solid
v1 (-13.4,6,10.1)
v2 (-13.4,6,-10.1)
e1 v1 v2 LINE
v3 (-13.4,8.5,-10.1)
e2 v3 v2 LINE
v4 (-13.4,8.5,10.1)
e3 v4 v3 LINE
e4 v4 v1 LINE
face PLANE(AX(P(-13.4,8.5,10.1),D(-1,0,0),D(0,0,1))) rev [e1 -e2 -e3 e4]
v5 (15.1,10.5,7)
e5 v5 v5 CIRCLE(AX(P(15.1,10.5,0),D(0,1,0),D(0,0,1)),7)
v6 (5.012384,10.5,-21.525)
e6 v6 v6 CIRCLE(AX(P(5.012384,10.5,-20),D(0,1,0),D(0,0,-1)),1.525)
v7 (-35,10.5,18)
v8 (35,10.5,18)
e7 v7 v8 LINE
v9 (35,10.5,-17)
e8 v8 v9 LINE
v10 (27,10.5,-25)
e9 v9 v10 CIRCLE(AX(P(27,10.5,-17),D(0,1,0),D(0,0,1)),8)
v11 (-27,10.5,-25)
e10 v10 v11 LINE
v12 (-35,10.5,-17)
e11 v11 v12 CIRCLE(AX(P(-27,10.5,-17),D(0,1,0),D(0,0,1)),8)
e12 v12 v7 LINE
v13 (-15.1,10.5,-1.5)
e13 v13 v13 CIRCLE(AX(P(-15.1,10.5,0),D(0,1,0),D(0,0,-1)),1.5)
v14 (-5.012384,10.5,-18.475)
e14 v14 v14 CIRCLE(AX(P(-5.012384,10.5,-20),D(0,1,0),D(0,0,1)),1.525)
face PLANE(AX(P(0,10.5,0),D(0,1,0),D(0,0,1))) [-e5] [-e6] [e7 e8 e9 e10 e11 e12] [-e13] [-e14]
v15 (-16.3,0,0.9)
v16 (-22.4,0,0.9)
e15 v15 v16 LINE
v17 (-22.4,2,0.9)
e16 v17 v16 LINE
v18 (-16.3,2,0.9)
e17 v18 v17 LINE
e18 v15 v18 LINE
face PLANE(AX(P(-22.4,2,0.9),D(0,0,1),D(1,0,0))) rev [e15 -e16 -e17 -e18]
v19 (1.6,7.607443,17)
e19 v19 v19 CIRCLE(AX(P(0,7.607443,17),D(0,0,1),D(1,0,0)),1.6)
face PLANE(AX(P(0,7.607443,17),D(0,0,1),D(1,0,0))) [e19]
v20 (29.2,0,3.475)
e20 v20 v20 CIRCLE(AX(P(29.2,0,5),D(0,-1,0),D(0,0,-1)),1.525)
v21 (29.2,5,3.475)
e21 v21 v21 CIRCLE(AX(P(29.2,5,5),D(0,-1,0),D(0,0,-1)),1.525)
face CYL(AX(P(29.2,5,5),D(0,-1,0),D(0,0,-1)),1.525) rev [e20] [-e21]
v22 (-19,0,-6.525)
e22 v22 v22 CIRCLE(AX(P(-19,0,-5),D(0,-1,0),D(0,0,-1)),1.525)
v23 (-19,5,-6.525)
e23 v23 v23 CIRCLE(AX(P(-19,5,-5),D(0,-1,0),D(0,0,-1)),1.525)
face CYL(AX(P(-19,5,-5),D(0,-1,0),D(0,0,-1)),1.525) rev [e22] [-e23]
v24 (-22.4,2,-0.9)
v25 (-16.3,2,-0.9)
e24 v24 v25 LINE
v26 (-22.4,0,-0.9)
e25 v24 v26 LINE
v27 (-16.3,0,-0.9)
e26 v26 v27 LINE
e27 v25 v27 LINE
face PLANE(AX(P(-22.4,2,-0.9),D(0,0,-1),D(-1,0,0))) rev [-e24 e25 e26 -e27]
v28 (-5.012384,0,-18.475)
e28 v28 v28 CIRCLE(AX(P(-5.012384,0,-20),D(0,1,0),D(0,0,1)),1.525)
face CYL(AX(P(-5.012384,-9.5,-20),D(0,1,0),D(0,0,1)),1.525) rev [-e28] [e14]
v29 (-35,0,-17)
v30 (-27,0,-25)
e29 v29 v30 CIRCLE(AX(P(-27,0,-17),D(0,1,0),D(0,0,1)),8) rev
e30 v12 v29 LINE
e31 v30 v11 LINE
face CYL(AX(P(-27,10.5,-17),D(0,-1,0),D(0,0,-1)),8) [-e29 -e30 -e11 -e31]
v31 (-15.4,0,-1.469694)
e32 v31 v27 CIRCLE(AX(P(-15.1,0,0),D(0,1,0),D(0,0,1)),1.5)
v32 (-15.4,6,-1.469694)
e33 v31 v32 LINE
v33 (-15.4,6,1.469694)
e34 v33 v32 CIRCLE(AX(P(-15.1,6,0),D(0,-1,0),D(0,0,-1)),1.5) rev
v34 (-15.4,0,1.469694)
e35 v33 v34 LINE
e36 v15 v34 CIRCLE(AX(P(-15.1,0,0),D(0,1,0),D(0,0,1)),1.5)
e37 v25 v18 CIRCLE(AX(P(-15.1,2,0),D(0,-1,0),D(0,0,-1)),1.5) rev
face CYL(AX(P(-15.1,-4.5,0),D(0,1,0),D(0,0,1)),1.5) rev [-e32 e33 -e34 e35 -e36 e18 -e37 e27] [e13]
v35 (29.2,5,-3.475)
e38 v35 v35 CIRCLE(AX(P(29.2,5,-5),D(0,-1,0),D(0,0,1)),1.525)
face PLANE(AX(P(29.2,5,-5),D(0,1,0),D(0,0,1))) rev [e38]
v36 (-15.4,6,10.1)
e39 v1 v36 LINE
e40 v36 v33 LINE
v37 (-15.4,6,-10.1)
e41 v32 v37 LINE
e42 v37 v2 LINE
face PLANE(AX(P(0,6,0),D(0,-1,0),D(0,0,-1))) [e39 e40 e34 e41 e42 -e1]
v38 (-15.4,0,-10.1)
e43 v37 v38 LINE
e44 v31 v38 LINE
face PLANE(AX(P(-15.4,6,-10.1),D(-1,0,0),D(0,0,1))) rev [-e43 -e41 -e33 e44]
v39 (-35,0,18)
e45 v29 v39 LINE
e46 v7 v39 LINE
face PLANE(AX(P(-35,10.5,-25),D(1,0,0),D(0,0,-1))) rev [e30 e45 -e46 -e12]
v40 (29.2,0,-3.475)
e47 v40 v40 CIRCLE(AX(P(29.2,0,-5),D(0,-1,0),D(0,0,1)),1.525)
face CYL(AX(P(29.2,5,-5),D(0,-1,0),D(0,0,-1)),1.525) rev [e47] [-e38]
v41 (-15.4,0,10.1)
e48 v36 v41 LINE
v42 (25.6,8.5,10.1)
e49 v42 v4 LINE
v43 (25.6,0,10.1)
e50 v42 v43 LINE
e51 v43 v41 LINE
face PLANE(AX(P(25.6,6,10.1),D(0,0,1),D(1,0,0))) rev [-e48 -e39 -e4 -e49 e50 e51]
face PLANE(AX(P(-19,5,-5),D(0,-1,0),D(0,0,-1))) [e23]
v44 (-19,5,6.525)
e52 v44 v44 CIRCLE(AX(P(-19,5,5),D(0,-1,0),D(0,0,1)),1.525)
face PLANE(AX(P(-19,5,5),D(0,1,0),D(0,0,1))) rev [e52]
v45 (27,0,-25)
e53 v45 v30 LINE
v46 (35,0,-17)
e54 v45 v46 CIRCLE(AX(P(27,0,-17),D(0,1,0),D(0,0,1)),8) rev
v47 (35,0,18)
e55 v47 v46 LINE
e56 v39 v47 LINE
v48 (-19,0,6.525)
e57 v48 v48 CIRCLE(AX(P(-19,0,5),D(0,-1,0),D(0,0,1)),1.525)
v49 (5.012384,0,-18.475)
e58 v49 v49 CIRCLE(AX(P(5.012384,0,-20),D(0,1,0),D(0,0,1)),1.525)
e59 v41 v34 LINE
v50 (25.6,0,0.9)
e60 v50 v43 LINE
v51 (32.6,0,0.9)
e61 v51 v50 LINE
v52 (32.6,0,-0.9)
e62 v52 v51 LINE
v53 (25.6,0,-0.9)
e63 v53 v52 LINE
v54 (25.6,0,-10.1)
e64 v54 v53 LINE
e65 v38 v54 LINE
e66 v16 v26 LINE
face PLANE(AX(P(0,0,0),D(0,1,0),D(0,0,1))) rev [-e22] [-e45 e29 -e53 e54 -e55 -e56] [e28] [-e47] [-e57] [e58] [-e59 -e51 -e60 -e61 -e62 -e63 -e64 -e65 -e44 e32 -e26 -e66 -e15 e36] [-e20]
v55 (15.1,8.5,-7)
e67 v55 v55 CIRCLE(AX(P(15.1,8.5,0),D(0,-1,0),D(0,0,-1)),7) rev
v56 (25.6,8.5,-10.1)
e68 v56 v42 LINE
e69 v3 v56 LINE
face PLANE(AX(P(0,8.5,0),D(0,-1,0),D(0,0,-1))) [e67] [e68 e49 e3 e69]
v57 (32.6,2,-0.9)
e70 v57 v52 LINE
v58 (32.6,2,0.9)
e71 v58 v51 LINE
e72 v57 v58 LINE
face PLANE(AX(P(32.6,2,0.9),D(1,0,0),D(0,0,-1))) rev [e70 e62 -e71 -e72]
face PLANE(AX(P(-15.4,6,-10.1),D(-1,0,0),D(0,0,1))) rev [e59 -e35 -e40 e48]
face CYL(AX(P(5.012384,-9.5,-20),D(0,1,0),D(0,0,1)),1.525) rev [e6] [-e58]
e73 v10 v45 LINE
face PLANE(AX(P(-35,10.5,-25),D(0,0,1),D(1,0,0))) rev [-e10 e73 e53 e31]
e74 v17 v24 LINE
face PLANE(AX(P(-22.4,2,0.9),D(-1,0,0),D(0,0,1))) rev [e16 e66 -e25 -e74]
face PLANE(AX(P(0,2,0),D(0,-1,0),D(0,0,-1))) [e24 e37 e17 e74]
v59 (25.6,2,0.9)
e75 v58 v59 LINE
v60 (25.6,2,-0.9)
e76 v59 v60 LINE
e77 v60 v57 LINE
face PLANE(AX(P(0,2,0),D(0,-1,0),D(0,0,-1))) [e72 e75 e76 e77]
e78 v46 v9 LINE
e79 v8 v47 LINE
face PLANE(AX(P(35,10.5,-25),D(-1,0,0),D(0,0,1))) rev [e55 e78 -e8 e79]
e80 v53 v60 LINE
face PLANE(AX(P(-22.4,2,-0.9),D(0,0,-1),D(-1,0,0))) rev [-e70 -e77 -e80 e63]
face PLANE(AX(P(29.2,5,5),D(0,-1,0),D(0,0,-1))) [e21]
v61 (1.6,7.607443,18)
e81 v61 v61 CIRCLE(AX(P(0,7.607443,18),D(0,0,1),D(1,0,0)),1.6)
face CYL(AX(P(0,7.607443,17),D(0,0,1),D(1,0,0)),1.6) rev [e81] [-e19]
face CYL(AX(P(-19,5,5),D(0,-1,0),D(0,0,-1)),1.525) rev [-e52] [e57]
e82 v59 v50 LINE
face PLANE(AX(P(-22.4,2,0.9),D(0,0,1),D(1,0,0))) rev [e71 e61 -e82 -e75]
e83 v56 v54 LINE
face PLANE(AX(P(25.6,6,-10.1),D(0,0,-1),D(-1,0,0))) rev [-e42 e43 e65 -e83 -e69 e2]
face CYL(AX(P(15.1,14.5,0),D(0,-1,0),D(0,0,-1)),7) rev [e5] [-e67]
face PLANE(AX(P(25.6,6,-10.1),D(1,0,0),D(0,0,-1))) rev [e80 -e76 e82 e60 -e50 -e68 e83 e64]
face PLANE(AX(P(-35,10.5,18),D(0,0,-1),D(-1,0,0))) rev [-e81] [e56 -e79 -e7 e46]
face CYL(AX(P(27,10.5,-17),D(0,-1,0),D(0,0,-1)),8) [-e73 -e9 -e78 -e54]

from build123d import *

# Parameters (mm, degrees)
SKETCH_1_W          = 70
SKETCH_1_H          = 43
EXTRUDE_1_DEPTH     = 10.5
SKETCH_2_R          = 1.5
CUT_EXTRUDE_1_DEPTH = 15
SKETCH_3_W          = 41
SKETCH_3_H          = 20.2
CUT_EXTRUDE_2_DEPTH = 6
SKETCH_4_R          = 7
CUT_EXTRUDE_3_DEPTH = 8.5
SKETCH_6_W          = 39
SKETCH_6_H          = 20.2
CUT_EXTRUDE_4_DEPTH = 2.5
SKETCH_7_R          = 1.525
CUT_EXTRUDE_5_DEPTH = 5
SKETCH_9_W          = 55
SKETCH_9_H          = 1.8
CUT_EXTRUDE_6_DEPTH = 2
FILLET_1_R          = 8
SKETCH_10_R         = 7
SKETCH_10_R_2       = 1.5
SKETCH_10_R_3       = 1.525
CUT_EXTRUDE_7_DEPTH = 20
SKETCH_11_R         = 1.6
CUT_EXTRUDE_8_DEPTH = 1


with BuildPart() as part:
    # 草图1 → 凸台-拉伸1 (new body)
    with BuildSketch(Plane(origin=(0, 0, 0), x_dir=(1, 0, 0), z_dir=(0, 1, 0))):
        with Locations((0, 3.5)):
            Rectangle(SKETCH_1_W, SKETCH_1_H)
    extrude(amount=EXTRUDE_1_DEPTH)

    # 草图2 → 切除-拉伸1 (cut)
    with BuildSketch(Plane(origin=(0, 10.5, 0), x_dir=(1, 0, 0), z_dir=(0, 1, 0))):
        with Locations((15.1, 0)):
            Circle(SKETCH_2_R)
        with Locations((-15.1, 0)):
            Circle(SKETCH_2_R)
    extrude(amount=-CUT_EXTRUDE_1_DEPTH, mode=Mode.SUBTRACT)

    # 草图3 → 切除-拉伸2 (cut)
    with BuildSketch(Plane.XZ):
        with Locations((5.1, 0)):
            Rectangle(SKETCH_3_W, SKETCH_3_H)
    extrude(amount=-CUT_EXTRUDE_2_DEPTH, mode=Mode.SUBTRACT)

    # 草图4 → 切除-拉伸3 (cut)
    with BuildSketch(Plane.XZ.offset(-6)):
        with Locations((15.1, 0)):
            Circle(SKETCH_4_R)
    extrude(amount=-CUT_EXTRUDE_3_DEPTH, mode=Mode.SUBTRACT)

    # 草图6 → 切除-拉伸4 (cut)
    with BuildSketch(Plane.XZ.offset(-6)):
        with Locations((6.1, 0)):
            Rectangle(SKETCH_6_W, SKETCH_6_H)
    extrude(amount=-CUT_EXTRUDE_4_DEPTH, mode=Mode.SUBTRACT)

    # 草图7 → 切除-拉伸5 (cut)
    with BuildSketch(Plane.XZ):
        with Locations((29.2, 5)):
            Circle(SKETCH_7_R)
        with Locations((29.2, -5)):
            Circle(SKETCH_7_R)
        with Locations((-19, -5)):
            Circle(SKETCH_7_R)
        with Locations((-19, 5)):
            Circle(SKETCH_7_R)
    extrude(amount=-CUT_EXTRUDE_5_DEPTH, mode=Mode.SUBTRACT)

    # 草图9 → 切除-拉伸6 (cut)
    with BuildSketch(Plane.XZ):
        with Locations((5.1, 0)):
            Rectangle(SKETCH_9_W, SKETCH_9_H)
    extrude(amount=-CUT_EXTRUDE_6_DEPTH, mode=Mode.SUBTRACT)

    # 圆角1
    fillet_1_edges = [part.edges().sort_by_distance(p)[0] for p in [
        (-35, 5.25, -25),
        (35, 5.25, -25),
    ]]
    fillet(fillet_1_edges, radius=FILLET_1_R)

    # 草图10 → 切除-拉伸7 (cut)
    with BuildSketch(Plane(origin=(0, 10.5, 0), x_dir=(1, 0, 0), z_dir=(0, 1, 0))):
        with Locations((15.1, 0)):
            Circle(SKETCH_10_R)
        with Locations((-15.1, 0)):
            Circle(SKETCH_10_R_2)
        with Locations((-5.01238383, 20)):
            Circle(SKETCH_10_R_3)
        with Locations((5.01238383, 20)):
            Circle(SKETCH_10_R_3)
    extrude(amount=-CUT_EXTRUDE_7_DEPTH, mode=Mode.SUBTRACT)

    # 草图11 → 切除-拉伸8 (cut)
    with BuildSketch(Plane.XY.offset(18)):
        with Locations((0, 7.607443484)):
            Circle(SKETCH_11_R)
    extrude(amount=-CUT_EXTRUDE_8_DEPTH, mode=Mode.SUBTRACT)


solid = part.part
